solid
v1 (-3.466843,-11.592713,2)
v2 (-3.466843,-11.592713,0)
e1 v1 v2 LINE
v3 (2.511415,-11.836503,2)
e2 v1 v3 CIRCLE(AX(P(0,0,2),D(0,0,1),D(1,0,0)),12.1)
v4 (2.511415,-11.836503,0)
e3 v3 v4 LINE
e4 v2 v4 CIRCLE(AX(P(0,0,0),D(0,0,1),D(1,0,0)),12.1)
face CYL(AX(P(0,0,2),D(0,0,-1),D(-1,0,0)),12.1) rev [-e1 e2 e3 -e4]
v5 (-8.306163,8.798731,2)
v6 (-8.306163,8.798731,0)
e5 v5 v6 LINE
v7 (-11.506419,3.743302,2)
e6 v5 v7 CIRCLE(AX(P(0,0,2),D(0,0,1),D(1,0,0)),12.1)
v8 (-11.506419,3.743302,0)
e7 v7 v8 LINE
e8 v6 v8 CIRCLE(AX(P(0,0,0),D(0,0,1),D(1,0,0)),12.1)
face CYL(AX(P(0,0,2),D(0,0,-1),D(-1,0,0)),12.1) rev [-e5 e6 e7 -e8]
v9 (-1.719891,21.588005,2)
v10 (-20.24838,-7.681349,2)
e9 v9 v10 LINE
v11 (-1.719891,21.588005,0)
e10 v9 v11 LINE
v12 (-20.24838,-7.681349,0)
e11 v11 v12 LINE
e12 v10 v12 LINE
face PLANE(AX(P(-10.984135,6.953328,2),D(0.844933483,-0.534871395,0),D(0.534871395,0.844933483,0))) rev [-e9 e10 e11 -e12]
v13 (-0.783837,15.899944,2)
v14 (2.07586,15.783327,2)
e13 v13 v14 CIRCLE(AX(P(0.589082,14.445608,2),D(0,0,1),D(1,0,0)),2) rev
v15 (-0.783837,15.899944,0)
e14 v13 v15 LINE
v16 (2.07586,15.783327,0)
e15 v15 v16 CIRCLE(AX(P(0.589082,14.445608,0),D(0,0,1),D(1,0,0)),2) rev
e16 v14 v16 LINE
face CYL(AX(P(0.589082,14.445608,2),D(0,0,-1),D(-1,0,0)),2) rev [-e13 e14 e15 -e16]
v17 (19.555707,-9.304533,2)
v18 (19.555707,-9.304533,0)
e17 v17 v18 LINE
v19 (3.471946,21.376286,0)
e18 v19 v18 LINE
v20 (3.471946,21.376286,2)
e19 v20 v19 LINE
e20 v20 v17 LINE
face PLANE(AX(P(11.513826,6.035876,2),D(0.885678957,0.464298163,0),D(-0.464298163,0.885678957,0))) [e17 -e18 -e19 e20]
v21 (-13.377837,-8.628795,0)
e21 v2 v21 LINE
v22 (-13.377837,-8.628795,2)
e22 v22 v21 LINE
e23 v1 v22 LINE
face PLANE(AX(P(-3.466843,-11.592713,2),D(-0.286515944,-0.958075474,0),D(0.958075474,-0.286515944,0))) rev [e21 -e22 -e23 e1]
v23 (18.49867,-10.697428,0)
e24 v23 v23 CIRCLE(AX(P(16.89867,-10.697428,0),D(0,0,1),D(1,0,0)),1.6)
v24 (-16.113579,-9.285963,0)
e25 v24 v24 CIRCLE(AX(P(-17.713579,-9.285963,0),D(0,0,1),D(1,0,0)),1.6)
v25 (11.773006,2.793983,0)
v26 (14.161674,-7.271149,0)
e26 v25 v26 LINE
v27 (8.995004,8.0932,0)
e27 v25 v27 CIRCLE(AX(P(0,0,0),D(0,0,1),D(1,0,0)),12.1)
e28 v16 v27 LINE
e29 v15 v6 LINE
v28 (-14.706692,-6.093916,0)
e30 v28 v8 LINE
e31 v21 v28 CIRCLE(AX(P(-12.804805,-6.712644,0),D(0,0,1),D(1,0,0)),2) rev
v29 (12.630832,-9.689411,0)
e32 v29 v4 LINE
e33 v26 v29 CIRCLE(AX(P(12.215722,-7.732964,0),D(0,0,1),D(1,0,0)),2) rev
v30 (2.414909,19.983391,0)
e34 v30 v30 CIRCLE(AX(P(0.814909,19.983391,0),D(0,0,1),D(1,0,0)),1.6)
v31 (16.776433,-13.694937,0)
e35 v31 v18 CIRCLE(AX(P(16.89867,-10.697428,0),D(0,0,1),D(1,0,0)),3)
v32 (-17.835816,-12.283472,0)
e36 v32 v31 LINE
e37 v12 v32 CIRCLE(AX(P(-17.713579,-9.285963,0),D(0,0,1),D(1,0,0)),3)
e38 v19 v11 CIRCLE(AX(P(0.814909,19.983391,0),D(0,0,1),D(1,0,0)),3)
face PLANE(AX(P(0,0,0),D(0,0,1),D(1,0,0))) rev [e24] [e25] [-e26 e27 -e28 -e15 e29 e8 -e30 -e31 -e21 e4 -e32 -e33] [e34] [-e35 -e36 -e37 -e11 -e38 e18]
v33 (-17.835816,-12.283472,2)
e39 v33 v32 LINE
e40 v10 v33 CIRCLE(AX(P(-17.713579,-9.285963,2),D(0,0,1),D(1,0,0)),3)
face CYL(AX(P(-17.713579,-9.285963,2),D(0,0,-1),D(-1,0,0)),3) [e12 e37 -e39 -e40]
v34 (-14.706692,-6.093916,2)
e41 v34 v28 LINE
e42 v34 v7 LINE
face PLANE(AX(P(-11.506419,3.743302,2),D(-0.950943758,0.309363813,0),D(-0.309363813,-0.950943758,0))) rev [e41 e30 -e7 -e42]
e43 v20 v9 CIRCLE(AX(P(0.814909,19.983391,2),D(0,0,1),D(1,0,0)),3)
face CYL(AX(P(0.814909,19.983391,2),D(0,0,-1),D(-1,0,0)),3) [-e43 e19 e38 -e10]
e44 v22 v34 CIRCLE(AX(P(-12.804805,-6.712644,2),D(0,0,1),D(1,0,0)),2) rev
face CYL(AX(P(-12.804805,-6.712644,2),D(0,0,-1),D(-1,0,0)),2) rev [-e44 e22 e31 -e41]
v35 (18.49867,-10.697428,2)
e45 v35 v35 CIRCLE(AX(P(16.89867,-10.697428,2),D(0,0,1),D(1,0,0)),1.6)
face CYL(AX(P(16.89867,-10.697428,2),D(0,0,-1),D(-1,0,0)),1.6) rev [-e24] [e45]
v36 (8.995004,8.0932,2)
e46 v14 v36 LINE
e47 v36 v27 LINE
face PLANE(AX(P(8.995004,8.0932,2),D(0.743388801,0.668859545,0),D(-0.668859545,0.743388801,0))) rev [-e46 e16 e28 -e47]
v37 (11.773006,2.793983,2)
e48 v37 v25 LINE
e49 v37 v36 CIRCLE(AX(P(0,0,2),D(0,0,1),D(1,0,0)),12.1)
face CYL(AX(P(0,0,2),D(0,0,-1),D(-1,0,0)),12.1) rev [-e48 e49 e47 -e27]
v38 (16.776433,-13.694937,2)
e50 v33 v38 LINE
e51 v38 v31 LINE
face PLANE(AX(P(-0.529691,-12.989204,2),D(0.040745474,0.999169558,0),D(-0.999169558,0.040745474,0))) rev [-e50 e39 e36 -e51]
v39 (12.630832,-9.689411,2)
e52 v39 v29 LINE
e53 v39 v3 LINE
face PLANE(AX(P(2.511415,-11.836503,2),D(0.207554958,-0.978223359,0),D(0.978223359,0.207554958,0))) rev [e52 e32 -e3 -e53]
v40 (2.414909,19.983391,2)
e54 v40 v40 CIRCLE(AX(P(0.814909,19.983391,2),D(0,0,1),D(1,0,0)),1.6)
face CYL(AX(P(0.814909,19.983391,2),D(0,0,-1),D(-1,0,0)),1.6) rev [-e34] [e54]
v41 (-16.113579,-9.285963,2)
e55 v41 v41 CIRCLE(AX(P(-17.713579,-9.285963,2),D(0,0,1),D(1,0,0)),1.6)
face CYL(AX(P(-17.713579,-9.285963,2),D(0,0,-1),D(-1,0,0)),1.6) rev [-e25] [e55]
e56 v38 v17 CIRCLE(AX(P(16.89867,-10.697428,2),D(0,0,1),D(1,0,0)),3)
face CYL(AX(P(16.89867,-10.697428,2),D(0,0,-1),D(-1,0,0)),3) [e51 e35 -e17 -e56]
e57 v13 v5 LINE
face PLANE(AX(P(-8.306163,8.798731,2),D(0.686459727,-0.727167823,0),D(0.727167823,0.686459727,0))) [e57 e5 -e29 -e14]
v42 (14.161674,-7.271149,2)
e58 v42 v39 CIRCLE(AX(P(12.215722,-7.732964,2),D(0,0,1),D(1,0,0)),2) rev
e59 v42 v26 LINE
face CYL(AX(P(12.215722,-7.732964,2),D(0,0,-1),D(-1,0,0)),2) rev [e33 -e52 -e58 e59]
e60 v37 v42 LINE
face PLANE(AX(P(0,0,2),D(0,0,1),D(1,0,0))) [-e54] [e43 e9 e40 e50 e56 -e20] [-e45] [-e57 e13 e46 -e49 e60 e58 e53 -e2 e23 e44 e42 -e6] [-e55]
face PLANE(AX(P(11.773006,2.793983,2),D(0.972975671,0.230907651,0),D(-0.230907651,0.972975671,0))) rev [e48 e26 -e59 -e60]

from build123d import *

# Parameters (mm, degrees)
SKETCH1_R           = 3
SKETCH1_R_2         = 1.6
BOSS_EXTRUDE1_DEPTH = 2


with BuildPart() as part:
    # Sketch1 → Boss-Extrude1 (new body)
    # profile 1 of 4: a face of its own
    with BuildSketch(Plane.XY):
        with BuildLine():
            ThreePointArc((3.814909487, 19.983391167), (-0.020434351, 17.102037202), (-1.719890963, 21.588005352))
            Line((-1.719890963, 21.588005352), (-20.248379597, -7.681349081))
            ThreePointArc((-20.248379597, -7.681349081), (-16.87823531, -6.404609301), (-14.713579148, -9.285963266))
            ThreePointArc((-14.713579148, -9.285963266), (-15.635925335, -11.450069233), (-17.835815571, -12.283471941))
            Line((-17.835815571, -12.283471941), (16.776433238, -13.694936576))
            ThreePointArc((16.776433238, -13.694936576), (14.363869212, -9.092813716), (19.555706533, -9.304533411))
            Line((19.555706533, -9.304533411), (3.471946359, 21.376285657))
            ThreePointArc((3.471946359, 21.376285657), (3.727907136, 20.700639166), (3.814909487, 19.983391167))
        make_face()
        with BuildLine():
            Line((-8.306162696, 8.798730663), (-0.783837106, 15.899943621))
            ThreePointArc((-0.783837106, 15.899943621), (0.670573296, 16.443947091), (2.075859948, 15.783327064))
            Line((2.075859948, 15.783327064), (8.995004486, 8.093200498))
            ThreePointArc((8.995004486, 8.093200498), (10.716715384, 5.618007776), (11.773005623, 2.793982571))
            Line((11.773005623, 2.793982571), (14.161673647, -7.271148964))
            ThreePointArc((14.161673647, -7.271148964), (13.905589271, -8.802707055), (12.63083222, -9.689410982))
            Line((12.63083222, -9.689410982), (2.511414986, -11.836502641))
            ThreePointArc((2.511414986, -11.836502641), (-0.493020239, -12.089951656), (-3.466842927, -11.592713234))
            Line((-3.466842927, -11.592713234), (-13.377836541, -8.628794657))
            ThreePointArc((-13.377836541, -8.628794657), (-14.576162567, -7.641240036), (-14.706692168, -6.093916082))
            Line((-14.706692168, -6.093916082), (-11.506419472, 3.743302143))
            ThreePointArc((-11.506419472, 3.743302143), (-10.223695145, 6.47194388), (-8.306162696, 8.798730663))
        make_face(mode=Mode.SUBTRACT)
    # profile 2 of 4: a face of its own
    with BuildSketch(Plane.XY):
        with Locations((0.814909487, 19.983391167)):
            Circle(SKETCH1_R)
        with Locations((0.814909487, 19.983391167)):
            Circle(SKETCH1_R_2, mode=Mode.SUBTRACT)
    # profile 3 of 4: a face of its own
    with BuildSketch(Plane.XY):
        with Locations((16.898669661, -10.697427901)):
            Circle(SKETCH1_R)
        with Locations((16.898669661, -10.697427901)):
            Circle(SKETCH1_R_2, mode=Mode.SUBTRACT)
    # profile 4 of 4: a face of its own
    with BuildSketch(Plane.XY):
        with Locations((-17.713579148, -9.285963266)):
            Circle(SKETCH1_R)
        with Locations((-17.713579148, -9.285963266)):
            Circle(SKETCH1_R_2, mode=Mode.SUBTRACT)
    extrude(amount=BOSS_EXTRUDE1_DEPTH)


solid = part.part
